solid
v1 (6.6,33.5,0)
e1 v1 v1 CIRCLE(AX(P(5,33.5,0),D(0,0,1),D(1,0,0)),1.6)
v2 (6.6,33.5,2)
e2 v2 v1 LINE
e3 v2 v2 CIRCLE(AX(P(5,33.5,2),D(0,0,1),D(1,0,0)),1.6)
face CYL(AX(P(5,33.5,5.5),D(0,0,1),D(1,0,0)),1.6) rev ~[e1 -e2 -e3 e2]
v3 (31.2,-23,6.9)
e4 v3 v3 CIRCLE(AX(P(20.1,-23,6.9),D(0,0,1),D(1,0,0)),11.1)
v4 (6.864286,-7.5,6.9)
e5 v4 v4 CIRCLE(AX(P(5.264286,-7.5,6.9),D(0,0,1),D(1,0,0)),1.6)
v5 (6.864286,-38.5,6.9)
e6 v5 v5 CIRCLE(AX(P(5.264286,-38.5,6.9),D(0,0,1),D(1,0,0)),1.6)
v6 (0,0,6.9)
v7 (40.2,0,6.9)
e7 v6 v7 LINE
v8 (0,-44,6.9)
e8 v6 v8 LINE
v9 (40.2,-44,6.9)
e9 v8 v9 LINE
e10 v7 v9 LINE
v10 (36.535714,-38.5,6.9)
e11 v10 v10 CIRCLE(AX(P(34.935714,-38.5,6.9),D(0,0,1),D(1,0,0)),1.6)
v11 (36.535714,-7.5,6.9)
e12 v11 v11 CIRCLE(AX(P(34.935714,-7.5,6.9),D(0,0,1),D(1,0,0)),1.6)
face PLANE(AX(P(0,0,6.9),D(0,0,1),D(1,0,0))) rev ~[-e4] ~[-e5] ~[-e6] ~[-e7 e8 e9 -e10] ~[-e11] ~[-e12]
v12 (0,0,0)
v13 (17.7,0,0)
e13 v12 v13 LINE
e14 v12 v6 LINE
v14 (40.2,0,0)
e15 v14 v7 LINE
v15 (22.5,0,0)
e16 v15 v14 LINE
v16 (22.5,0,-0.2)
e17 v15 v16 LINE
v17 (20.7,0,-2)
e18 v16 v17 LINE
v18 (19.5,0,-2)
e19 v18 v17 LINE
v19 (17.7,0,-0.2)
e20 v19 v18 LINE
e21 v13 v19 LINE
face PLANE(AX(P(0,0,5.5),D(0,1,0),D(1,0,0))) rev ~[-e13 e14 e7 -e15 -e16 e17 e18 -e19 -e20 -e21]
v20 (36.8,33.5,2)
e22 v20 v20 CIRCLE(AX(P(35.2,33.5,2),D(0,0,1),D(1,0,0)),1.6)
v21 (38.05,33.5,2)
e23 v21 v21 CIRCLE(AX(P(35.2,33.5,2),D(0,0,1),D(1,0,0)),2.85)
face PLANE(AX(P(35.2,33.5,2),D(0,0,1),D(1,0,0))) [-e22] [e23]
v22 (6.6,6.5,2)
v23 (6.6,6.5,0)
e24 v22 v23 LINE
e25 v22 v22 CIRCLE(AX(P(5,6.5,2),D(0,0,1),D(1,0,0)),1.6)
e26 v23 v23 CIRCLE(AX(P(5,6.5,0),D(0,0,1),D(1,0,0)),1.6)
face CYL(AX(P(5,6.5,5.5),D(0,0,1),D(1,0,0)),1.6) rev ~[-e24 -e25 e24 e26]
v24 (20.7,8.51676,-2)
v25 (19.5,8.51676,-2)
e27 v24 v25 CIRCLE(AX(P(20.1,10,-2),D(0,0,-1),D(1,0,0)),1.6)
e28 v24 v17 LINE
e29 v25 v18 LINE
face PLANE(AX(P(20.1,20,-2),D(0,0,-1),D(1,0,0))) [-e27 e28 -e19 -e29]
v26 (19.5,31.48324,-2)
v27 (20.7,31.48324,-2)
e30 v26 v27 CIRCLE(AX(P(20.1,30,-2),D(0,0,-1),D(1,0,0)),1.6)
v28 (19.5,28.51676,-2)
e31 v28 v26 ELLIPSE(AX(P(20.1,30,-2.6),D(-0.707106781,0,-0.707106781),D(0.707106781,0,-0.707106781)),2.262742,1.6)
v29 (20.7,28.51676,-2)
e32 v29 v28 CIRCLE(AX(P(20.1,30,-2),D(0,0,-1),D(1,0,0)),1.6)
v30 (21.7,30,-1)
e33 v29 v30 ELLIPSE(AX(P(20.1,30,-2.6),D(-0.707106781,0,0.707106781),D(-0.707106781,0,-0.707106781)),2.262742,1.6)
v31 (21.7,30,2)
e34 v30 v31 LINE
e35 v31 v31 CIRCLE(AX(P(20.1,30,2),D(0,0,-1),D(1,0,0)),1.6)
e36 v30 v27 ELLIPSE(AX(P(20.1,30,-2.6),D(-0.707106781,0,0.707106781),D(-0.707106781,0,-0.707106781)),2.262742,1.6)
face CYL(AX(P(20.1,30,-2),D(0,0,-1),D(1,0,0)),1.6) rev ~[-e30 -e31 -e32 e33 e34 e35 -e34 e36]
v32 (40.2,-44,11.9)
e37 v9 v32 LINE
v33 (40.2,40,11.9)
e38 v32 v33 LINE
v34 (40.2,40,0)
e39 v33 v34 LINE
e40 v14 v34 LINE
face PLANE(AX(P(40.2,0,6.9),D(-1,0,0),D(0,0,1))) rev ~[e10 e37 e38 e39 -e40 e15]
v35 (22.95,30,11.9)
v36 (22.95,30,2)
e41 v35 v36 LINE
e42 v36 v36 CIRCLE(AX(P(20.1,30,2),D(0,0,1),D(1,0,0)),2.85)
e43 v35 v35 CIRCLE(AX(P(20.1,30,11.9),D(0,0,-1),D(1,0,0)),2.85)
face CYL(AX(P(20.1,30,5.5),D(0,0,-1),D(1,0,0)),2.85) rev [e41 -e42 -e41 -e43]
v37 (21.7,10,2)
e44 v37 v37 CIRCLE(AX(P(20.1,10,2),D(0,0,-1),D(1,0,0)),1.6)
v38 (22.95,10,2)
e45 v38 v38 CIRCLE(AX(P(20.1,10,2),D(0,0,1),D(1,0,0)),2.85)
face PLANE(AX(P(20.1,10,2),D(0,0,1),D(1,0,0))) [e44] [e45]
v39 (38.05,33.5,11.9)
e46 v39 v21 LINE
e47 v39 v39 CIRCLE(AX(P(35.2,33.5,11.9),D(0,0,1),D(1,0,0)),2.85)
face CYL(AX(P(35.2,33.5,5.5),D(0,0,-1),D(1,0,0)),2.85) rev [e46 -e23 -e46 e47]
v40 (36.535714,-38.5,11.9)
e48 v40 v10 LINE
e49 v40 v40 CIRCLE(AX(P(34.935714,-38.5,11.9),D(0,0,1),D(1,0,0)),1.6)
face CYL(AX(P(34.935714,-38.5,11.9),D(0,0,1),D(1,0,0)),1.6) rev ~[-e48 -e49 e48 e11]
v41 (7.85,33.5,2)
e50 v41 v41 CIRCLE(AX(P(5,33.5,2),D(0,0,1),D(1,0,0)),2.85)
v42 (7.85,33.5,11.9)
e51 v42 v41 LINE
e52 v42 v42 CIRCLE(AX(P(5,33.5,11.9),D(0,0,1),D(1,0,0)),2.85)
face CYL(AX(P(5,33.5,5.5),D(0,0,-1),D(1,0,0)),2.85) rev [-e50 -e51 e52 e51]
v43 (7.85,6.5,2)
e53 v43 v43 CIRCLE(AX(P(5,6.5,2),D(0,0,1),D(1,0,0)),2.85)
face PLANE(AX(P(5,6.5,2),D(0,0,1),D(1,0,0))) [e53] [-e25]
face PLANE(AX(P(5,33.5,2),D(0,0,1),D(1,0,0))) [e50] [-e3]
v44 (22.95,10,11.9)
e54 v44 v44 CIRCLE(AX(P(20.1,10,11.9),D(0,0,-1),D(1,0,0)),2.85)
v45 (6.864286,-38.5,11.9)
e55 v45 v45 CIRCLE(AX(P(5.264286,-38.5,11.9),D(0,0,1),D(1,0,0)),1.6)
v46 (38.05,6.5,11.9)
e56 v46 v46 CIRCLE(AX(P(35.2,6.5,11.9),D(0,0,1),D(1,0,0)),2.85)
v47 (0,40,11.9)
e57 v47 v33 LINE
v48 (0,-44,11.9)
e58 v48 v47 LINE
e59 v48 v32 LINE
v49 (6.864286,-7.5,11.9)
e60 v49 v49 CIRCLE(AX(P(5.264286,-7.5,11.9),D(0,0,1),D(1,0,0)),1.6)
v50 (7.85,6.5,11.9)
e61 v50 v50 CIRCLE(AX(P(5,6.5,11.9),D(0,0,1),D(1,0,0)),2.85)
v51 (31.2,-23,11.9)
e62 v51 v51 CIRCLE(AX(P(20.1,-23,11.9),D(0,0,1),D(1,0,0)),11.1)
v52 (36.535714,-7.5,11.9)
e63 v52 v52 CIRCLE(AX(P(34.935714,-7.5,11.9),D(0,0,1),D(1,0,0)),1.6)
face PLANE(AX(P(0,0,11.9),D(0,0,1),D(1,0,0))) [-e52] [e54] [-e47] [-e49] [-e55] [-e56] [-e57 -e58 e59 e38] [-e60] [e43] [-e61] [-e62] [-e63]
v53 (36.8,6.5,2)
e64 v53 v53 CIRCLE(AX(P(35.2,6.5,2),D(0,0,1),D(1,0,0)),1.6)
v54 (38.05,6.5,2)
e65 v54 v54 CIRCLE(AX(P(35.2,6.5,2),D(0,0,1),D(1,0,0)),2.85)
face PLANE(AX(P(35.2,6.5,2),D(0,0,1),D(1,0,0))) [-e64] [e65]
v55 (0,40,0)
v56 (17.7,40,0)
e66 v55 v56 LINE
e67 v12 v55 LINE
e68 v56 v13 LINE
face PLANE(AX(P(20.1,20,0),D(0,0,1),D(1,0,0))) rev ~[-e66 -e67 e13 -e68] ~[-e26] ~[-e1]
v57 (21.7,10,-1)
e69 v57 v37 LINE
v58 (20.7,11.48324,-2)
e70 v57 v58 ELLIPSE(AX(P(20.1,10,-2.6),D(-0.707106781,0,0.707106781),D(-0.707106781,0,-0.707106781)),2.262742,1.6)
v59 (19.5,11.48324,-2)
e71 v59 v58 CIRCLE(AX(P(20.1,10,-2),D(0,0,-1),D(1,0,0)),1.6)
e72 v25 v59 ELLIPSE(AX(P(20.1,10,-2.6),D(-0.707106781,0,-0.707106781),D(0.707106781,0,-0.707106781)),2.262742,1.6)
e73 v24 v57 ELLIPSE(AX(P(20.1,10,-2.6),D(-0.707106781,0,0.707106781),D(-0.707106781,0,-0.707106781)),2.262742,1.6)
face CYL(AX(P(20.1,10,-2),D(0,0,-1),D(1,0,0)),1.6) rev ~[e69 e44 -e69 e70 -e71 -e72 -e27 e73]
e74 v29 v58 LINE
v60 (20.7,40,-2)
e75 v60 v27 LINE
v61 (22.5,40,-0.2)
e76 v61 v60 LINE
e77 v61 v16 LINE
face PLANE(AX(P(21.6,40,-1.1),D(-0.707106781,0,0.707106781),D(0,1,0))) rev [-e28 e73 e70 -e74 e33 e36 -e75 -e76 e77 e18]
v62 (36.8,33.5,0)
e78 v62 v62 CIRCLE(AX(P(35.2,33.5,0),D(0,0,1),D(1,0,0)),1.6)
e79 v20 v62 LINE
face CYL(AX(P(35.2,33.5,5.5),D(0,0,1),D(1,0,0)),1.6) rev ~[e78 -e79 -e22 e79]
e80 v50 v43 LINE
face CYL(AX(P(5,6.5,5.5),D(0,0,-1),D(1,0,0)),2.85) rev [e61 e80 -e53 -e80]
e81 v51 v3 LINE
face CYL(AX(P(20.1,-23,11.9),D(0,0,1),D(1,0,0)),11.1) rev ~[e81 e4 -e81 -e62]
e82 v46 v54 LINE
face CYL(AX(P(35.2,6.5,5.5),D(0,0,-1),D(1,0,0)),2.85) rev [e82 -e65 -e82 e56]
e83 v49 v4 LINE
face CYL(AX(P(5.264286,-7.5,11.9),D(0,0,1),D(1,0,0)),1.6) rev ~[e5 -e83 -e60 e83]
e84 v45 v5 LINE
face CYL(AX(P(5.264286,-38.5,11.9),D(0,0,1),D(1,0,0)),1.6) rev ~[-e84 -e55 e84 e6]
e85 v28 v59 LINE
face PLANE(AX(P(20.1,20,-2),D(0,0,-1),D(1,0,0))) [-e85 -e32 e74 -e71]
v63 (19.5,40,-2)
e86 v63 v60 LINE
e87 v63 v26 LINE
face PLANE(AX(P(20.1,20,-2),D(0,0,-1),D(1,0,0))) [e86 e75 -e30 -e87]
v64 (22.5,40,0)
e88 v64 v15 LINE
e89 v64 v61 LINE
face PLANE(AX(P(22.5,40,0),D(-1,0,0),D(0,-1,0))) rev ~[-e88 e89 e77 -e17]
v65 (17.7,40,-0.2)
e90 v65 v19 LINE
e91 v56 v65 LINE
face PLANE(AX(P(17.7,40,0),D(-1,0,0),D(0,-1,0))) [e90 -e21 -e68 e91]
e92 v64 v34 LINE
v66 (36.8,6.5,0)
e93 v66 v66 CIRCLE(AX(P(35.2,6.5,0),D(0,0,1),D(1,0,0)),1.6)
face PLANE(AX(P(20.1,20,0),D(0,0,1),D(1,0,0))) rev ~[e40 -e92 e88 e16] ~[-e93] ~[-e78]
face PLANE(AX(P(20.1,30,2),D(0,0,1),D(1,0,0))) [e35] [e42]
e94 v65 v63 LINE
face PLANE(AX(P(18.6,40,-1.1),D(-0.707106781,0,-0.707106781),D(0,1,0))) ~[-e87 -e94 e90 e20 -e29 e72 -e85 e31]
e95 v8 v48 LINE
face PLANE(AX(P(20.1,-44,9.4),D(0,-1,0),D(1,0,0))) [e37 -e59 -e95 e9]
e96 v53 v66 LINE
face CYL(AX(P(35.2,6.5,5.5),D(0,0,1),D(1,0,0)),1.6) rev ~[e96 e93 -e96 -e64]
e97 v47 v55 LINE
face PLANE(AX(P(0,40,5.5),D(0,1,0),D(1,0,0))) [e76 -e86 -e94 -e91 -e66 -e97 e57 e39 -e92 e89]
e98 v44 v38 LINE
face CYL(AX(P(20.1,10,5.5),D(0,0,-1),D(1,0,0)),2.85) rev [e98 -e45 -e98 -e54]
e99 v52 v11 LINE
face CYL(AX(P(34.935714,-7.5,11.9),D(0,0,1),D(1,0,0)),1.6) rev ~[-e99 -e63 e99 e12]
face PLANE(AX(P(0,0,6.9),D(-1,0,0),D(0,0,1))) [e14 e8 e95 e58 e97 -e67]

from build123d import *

# Parameters (mm, degrees)
F0_W      = 40.2
F0_H      = 40
F1_DEPTH  = 5.5
F2_R      = 2.85
F3_DEPTH  = 3.5
F4_R      = 1.6
F5_DEPTH  = 25
F6_W      = 4.8
F6_H      = 40
F7_DEPTH  = 2
F8_SIZE   = 1.8
F9_R      = 1.6
F10_DEPTH = 25
F11_R     = 2.85
F12_DEPTH = 3.5
F2_W      = 40.2
F2_H      = 40
F13_DEPTH = 6.4
F14_DEPTH = 25
F15_W     = 40.2
F15_H     = 5
F16_DEPTH = 44
F17_R     = 11.1
F17_R_2   = 1.6
F18_DEPTH = 25


with BuildPart() as f1:
    # F0 (on Top) → F1 (new body)
    with BuildSketch(Plane.XY):
        with Locations((20.1, 20)):
            Rectangle(F0_W, F0_H)
    extrude(amount=F1_DEPTH)

    # F2 (on face) → F3 (cut)
    with BuildSketch(Plane.XY.offset(5.5)):
        with Locations((35.2, 6.5)):
            Circle(F2_R)
        with Locations((35.2, 33.5)):
            Circle(F2_R)
        with Locations((5, 33.5)):
            Circle(F2_R)
        with Locations((5, 6.5)):
            Circle(F2_R)
    extrude(amount=-F3_DEPTH, mode=Mode.SUBTRACT)

    # F4 (on face) → F5 (cut)
    with BuildSketch(Plane.XY.offset(5.5)):
        with Locations((35.2, 33.5)):
            Circle(F4_R)
        with Locations((35.2, 6.5)):
            Circle(F4_R)
        with Locations((5, 33.5)):
            Circle(F4_R)
        with Locations((5, 6.5)):
            Circle(F4_R)
    extrude(amount=-F5_DEPTH, mode=Mode.SUBTRACT)

    # F6 (on face) → F7 (join)
    with BuildSketch(Plane(origin=(0, 0, 0), x_dir=(1, 0, 0), z_dir=(0, 0, -1))):
        with Locations((20.1, -20)):
            Rectangle(F6_W, F6_H)
    extrude(amount=F7_DEPTH)

    # F8
    f8_edges = [f1.edges().sort_by_distance(p)[0] for p in [
        (17.7, 20, -2),
        (22.5, 20, -2),
    ]]
    chamfer(f8_edges, length=F8_SIZE)

    # F9 (on face) → F10 (cut)
    with BuildSketch(Plane(origin=(0, 0, -2), x_dir=(1, 0, 0), z_dir=(0, 0, -1))):
        with Locations((20.1, -30)):
            Circle(F9_R)
        with Locations((20.1, -10)):
            Circle(F9_R)
    extrude(amount=-F10_DEPTH, mode=Mode.SUBTRACT)

    # F11 (on face) → F12 (cut)
    with BuildSketch(Plane.XY.offset(5.5)):
        with Locations((20.1, 30)):
            Circle(F11_R)
        with Locations((20.1, 10)):
            Circle(F11_R)
    extrude(amount=-F12_DEPTH, mode=Mode.SUBTRACT)

    # F2 (on face) → F13 (join)
    with BuildSketch(Plane.XY.offset(5.5)):
        with Locations((20.1, 20)):
            Rectangle(F2_W, F2_H)
        with Locations((5, 6.5)):
            Circle(F2_R, mode=Mode.SUBTRACT)
        with Locations((35.2, 6.5)):
            Circle(F2_R, mode=Mode.SUBTRACT)
        with Locations((5, 33.5)):
            Circle(F2_R, mode=Mode.SUBTRACT)
        with Locations((35.2, 33.5)):
            Circle(F2_R, mode=Mode.SUBTRACT)
    extrude(amount=F13_DEPTH)

    # F11 (on face) → F14 (cut)
    with BuildSketch(Plane.XY.offset(5.5)):
        with Locations((20.1, 30)):
            Circle(F11_R)
        with Locations((20.1, 10)):
            Circle(F11_R)
    extrude(amount=F14_DEPTH, mode=Mode.SUBTRACT)

    # F15 (on face) → F16 (join)
    with BuildSketch(Plane.XZ):
        with Locations((20.1, 9.4)):
            Rectangle(F15_W, F15_H)
    extrude(amount=F16_DEPTH)

    # F17 (on face) → F18 (cut)
    with BuildSketch(Plane.XY.offset(11.9)):
        with Locations((20.1, -23)):
            Circle(F17_R)
        with Locations((5.264286, -38.5)):
            Circle(F17_R_2)
        with Locations((34.935714, -38.5)):
            Circle(F17_R_2)
        with Locations((5.264286, -7.5)):
            Circle(F17_R_2)
        with Locations((34.935714, -7.5)):
            Circle(F17_R_2)
    extrude(amount=-F18_DEPTH, mode=Mode.SUBTRACT)


solid = f1.part
